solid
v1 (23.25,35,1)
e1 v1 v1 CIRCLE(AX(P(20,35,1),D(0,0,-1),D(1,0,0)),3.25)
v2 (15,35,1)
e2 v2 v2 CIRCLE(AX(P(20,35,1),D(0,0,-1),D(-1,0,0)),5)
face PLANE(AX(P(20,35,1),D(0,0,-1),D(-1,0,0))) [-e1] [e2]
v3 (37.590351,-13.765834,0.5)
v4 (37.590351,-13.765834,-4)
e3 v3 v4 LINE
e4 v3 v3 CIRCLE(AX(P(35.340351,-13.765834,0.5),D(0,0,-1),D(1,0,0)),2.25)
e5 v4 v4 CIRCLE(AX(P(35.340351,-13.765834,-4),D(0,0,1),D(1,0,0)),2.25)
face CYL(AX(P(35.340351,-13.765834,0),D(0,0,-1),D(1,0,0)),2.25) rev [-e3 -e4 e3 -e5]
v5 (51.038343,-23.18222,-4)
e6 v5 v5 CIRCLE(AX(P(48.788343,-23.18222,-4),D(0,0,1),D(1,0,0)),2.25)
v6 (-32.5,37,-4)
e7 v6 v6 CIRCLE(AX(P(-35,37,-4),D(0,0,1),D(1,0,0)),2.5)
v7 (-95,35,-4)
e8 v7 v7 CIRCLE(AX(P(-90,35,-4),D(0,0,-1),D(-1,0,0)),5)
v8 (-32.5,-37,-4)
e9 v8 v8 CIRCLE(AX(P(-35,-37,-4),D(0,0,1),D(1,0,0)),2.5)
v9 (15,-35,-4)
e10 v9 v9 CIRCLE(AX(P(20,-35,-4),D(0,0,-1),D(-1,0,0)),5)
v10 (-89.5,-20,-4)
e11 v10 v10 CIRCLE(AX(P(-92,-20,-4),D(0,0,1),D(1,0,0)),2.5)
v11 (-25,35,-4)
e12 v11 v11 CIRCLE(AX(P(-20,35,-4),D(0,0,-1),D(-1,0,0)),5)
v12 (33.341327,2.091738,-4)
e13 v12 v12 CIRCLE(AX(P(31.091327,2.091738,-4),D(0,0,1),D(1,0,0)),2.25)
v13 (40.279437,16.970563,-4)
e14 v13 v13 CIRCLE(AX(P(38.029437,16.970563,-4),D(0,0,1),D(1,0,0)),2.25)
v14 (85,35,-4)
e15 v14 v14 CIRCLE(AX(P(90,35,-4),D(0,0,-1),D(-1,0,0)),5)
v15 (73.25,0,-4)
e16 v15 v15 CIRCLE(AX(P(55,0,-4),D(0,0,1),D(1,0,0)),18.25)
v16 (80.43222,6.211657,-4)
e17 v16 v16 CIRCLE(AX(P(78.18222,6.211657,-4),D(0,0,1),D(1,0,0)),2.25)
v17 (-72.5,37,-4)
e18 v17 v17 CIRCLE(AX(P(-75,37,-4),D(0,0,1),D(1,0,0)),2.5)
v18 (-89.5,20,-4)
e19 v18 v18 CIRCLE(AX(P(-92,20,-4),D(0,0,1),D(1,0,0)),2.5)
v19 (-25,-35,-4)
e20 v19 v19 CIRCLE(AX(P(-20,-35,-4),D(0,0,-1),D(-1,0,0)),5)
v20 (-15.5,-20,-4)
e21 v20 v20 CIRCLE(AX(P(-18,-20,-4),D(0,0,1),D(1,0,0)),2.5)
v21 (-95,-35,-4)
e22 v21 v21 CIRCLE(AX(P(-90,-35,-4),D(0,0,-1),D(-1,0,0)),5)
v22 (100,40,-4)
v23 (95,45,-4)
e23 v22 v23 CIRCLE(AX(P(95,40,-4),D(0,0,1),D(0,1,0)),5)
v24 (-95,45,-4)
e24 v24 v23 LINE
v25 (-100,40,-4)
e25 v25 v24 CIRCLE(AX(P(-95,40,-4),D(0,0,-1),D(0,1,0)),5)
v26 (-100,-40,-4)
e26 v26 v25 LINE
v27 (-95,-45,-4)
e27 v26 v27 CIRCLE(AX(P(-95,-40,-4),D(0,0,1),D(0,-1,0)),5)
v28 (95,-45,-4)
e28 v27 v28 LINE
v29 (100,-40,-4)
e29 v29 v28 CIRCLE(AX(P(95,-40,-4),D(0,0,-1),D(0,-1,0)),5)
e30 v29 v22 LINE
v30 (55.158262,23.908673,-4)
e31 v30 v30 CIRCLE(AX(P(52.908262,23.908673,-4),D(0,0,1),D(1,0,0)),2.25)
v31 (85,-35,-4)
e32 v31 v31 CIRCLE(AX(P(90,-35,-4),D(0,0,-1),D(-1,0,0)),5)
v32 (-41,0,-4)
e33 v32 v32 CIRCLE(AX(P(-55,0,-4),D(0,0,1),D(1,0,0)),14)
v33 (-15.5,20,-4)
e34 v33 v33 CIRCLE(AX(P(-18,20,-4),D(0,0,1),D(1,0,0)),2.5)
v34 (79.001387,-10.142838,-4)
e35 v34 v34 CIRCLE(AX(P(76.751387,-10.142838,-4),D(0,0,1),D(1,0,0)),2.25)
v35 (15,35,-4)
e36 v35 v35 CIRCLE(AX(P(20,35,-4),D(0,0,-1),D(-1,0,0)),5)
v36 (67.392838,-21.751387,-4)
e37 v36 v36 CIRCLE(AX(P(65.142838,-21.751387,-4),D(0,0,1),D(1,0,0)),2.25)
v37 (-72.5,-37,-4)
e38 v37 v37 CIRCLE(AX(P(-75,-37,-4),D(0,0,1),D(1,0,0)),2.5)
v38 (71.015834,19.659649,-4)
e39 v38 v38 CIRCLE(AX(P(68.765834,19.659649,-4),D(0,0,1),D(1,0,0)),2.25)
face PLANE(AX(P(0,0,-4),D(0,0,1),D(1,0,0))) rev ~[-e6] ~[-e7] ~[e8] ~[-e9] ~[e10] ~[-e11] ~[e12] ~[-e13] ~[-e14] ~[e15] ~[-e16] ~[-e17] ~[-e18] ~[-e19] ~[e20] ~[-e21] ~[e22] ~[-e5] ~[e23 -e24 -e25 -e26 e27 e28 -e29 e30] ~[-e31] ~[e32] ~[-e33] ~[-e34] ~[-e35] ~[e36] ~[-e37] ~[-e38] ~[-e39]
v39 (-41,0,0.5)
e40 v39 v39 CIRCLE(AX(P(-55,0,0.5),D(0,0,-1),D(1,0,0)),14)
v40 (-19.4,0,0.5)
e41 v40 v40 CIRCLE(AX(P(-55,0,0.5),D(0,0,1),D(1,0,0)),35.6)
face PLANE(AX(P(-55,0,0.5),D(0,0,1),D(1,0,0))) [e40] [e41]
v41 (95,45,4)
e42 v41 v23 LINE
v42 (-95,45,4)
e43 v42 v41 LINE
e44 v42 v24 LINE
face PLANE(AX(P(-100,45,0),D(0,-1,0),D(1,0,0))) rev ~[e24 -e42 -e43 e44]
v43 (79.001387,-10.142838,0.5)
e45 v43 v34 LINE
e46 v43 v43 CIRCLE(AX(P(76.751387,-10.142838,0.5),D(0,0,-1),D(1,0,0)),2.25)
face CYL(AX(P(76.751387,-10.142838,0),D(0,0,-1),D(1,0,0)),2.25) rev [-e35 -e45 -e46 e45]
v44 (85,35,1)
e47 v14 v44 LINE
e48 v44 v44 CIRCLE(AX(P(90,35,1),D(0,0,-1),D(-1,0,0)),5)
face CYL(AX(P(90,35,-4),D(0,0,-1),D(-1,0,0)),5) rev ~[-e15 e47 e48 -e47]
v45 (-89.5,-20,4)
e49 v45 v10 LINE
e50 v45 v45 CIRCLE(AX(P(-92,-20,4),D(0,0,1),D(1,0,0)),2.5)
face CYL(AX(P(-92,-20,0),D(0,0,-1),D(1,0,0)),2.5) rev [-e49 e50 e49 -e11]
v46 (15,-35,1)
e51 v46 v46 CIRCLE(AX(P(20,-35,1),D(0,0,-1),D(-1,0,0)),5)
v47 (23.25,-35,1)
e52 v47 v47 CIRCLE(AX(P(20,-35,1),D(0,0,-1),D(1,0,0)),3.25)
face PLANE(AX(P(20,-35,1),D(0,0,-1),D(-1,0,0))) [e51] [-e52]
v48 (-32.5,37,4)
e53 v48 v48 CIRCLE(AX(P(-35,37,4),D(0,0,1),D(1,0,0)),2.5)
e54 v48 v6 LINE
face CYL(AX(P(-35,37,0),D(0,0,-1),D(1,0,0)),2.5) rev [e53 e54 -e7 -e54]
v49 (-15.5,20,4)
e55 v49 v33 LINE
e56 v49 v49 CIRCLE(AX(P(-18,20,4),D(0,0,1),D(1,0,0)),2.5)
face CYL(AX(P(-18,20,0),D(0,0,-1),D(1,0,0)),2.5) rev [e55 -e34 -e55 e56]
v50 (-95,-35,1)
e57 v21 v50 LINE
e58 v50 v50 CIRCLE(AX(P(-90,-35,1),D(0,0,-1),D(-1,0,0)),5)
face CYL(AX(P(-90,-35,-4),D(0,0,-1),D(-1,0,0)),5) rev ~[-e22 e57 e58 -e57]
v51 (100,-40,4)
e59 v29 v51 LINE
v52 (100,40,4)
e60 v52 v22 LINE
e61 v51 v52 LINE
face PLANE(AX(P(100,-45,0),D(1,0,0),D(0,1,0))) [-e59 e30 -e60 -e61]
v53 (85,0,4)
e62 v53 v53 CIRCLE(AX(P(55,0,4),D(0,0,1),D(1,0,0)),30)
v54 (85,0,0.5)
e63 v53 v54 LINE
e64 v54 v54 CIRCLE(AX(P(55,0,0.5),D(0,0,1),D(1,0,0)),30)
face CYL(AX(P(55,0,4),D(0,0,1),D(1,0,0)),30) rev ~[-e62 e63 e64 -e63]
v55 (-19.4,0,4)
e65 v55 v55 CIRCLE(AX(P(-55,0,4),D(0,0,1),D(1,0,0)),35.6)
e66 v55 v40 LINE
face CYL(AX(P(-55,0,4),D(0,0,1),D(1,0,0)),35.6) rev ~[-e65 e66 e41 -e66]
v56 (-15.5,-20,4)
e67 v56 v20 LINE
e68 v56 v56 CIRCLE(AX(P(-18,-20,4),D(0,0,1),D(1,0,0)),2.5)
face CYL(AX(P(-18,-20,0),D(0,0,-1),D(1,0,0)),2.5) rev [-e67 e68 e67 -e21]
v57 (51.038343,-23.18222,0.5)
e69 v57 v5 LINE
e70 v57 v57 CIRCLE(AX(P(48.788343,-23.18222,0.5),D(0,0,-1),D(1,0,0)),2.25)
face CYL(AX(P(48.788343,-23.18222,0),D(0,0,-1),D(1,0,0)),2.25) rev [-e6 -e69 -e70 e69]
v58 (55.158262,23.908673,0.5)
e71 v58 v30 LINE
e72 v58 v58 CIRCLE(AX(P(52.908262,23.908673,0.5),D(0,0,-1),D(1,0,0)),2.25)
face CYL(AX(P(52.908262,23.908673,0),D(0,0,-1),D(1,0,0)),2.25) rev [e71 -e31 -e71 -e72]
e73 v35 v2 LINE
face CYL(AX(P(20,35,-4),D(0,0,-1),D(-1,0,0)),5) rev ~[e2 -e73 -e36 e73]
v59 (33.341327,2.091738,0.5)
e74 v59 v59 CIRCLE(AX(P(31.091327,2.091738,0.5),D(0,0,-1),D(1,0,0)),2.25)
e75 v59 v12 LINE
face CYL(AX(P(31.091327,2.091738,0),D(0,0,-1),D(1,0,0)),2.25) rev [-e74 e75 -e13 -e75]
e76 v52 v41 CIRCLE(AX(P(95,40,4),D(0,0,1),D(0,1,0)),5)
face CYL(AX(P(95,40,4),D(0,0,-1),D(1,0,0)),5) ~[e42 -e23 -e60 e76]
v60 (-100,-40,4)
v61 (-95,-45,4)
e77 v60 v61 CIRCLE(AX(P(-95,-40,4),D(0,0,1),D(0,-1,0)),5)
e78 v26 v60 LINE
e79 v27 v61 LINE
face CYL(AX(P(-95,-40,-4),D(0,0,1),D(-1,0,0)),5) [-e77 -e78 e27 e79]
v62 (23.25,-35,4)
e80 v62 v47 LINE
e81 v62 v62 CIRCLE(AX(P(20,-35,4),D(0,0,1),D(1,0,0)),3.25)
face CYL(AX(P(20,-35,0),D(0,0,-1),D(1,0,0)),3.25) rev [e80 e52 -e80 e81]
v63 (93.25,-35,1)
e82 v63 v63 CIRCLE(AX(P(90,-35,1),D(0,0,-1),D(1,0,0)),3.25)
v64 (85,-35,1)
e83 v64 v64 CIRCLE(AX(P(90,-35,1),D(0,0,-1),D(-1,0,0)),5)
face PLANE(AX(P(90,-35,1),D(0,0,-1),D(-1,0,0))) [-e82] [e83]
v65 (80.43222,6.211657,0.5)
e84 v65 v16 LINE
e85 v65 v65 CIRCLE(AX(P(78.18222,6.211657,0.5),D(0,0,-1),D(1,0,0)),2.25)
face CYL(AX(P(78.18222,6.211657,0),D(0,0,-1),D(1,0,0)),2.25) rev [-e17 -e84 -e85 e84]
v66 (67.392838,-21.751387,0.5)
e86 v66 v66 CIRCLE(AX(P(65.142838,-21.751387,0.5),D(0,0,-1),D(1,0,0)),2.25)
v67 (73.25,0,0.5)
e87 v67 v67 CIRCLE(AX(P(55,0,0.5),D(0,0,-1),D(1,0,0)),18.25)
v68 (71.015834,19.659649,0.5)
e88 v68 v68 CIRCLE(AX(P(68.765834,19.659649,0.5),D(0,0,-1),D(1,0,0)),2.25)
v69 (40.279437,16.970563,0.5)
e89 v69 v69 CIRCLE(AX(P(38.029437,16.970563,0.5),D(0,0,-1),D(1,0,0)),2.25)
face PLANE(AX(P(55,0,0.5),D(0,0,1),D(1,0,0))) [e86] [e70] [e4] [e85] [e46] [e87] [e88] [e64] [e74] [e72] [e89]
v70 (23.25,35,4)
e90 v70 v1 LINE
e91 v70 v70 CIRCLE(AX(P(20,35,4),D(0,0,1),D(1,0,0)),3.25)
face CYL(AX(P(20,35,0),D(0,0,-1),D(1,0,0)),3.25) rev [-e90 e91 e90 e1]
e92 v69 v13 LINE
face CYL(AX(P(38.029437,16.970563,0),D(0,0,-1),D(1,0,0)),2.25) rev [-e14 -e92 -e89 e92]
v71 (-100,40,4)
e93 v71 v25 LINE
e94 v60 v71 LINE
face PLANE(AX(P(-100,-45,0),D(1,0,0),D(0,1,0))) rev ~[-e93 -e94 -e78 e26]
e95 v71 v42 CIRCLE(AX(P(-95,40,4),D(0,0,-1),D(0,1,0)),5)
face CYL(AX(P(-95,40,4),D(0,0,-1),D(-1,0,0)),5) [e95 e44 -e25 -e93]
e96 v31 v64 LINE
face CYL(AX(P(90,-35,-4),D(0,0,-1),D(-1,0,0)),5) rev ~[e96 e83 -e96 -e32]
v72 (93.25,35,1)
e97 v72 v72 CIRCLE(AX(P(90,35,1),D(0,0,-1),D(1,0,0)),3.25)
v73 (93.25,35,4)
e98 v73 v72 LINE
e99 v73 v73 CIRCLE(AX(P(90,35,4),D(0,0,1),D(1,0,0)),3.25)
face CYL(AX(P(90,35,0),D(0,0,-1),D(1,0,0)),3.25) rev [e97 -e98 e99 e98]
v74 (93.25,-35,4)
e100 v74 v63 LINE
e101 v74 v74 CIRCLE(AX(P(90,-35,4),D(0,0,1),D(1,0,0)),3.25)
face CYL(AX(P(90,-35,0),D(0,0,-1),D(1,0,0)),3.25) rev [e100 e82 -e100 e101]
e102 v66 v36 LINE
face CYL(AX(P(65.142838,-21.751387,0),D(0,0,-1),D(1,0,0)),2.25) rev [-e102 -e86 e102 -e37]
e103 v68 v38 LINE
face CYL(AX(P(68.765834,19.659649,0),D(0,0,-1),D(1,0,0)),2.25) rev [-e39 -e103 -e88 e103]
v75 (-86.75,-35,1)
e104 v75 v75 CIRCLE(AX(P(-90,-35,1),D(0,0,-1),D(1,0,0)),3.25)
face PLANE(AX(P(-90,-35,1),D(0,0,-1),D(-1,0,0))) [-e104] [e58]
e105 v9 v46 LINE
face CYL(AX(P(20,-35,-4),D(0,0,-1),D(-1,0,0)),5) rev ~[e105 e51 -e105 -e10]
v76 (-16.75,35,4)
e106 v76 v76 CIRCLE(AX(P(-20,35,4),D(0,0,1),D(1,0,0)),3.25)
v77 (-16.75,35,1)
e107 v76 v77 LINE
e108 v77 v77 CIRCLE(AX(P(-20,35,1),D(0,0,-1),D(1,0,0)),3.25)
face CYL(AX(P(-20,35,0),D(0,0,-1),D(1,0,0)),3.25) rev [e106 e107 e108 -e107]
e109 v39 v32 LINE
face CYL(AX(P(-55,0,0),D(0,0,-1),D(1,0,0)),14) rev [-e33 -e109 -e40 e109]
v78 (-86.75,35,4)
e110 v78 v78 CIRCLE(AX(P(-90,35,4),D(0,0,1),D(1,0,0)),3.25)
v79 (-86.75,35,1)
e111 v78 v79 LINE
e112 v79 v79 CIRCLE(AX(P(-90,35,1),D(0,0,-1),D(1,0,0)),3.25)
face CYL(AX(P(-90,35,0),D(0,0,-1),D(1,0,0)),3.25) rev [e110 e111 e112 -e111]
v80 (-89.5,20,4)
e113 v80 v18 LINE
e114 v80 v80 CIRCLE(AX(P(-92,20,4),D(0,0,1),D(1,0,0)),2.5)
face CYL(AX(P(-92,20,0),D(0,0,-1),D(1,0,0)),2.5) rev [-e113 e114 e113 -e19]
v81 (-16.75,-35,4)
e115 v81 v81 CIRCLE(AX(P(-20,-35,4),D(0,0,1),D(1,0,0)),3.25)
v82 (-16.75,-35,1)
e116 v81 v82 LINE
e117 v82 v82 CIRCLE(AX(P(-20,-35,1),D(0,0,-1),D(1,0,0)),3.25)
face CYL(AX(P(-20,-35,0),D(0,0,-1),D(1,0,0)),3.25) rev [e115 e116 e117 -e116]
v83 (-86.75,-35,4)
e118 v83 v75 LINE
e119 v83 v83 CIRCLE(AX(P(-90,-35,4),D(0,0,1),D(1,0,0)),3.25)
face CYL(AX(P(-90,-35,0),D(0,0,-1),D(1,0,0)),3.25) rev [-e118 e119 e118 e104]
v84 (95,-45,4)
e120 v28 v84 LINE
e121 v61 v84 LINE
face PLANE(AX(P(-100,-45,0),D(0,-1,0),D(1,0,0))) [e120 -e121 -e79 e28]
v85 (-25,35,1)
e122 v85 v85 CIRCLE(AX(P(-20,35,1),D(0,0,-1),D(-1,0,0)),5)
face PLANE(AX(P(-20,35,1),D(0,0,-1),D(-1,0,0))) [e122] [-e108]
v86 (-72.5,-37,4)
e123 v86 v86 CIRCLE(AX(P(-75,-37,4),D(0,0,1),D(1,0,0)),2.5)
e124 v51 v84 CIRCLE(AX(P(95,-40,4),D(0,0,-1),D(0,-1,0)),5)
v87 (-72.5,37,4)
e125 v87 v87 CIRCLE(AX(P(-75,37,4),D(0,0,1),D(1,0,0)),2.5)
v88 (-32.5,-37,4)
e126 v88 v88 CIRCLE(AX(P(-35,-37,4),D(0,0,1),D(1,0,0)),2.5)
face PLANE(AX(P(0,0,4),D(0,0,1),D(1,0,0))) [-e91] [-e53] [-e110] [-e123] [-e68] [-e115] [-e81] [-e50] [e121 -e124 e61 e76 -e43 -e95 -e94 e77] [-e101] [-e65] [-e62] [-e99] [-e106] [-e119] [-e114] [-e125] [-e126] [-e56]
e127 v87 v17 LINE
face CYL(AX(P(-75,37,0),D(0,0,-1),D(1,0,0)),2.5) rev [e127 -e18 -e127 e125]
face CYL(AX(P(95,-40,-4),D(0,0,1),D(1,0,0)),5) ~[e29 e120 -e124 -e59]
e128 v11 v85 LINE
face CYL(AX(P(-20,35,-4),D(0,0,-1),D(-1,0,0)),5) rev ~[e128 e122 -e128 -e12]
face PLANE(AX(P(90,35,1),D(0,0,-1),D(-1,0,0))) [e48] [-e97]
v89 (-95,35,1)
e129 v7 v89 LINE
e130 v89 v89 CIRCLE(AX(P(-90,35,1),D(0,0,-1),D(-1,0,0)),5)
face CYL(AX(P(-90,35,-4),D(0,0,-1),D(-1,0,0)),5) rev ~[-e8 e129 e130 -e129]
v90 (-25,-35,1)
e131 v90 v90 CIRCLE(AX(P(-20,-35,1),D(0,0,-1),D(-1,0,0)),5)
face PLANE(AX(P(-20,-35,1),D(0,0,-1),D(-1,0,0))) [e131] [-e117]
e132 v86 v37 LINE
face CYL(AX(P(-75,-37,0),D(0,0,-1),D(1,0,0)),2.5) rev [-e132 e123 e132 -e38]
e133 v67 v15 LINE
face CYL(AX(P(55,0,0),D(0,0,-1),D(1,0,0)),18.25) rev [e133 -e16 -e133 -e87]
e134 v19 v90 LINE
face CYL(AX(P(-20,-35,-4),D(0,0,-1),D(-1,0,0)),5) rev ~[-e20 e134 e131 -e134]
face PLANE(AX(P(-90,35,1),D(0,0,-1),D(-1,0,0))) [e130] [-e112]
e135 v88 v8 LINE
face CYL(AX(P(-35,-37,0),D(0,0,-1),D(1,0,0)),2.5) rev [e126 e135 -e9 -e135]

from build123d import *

# Parameters (mm, degrees)
SKETCH1_W           = 200
SKETCH1_H           = 90
SKETCH1_R           = 14
SKETCH1_R_2         = 18.25
SKETCH1_R_3         = 2.25
SKETCH1_R_4         = 3.25
SKETCH1_R_5         = 2.5
BOSS_EXTRUDE1_DEPTH = 4
FILLET1_R           = 5
SKETCH3_R           = 35.6
SKETCH3_R_2         = 30
CUT_EXTRUDE1_DEPTH  = 3.5
SKETCH4_R           = 5
CUT_EXTRUDE2_DEPTH  = 5


with BuildPart() as part:
    # Sketch1 → Boss-Extrude1 (new body, symmetric)
    with BuildSketch(Plane.XY):
        Rectangle(SKETCH1_W, SKETCH1_H)
        with Locations((-55, 0)):
            Circle(SKETCH1_R, mode=Mode.SUBTRACT)
        with Locations((55, 0)):
            Circle(SKETCH1_R_2, mode=Mode.SUBTRACT)
        with Locations((65.142838282, -21.751386889)):
            Circle(SKETCH1_R_3, mode=Mode.SUBTRACT)
        with Locations((48.788342918, -23.182219831)):
            Circle(SKETCH1_R_3, mode=Mode.SUBTRACT)
        with Locations((35.340350937, -13.765834472)):
            Circle(SKETCH1_R_3, mode=Mode.SUBTRACT)
        with Locations((31.091327246, 2.091737826)):
            Circle(SKETCH1_R_3, mode=Mode.SUBTRACT)
        with Locations((38.029437252, 16.970562748)):
            Circle(SKETCH1_R_3, mode=Mode.SUBTRACT)
        with Locations((52.908262174, 23.908672754)):
            Circle(SKETCH1_R_3, mode=Mode.SUBTRACT)
        with Locations((68.765834472, 19.659649063)):
            Circle(SKETCH1_R_3, mode=Mode.SUBTRACT)
        with Locations((78.182219831, 6.211657082)):
            Circle(SKETCH1_R_3, mode=Mode.SUBTRACT)
        with Locations((76.751386889, -10.142838282)):
            Circle(SKETCH1_R_3, mode=Mode.SUBTRACT)
        with Locations((-90, 35)):
            Circle(SKETCH1_R_4, mode=Mode.SUBTRACT)
        with Locations((-20, 35)):
            Circle(SKETCH1_R_4, mode=Mode.SUBTRACT)
        with Locations((-90, -35)):
            Circle(SKETCH1_R_4, mode=Mode.SUBTRACT)
        with Locations((-20, -35)):
            Circle(SKETCH1_R_4, mode=Mode.SUBTRACT)
        with Locations((90, 35)):
            Circle(SKETCH1_R_4, mode=Mode.SUBTRACT)
        with Locations((90, -35)):
            Circle(SKETCH1_R_4, mode=Mode.SUBTRACT)
        with Locations((20, -35)):
            Circle(SKETCH1_R_4, mode=Mode.SUBTRACT)
        with Locations((20, 35)):
            Circle(SKETCH1_R_4, mode=Mode.SUBTRACT)
        with Locations((-75, 37)):
            Circle(SKETCH1_R_5, mode=Mode.SUBTRACT)
        with Locations((-92, 20)):
            Circle(SKETCH1_R_5, mode=Mode.SUBTRACT)
        with Locations((-92, -20)):
            Circle(SKETCH1_R_5, mode=Mode.SUBTRACT)
        with Locations((-75, -37)):
            Circle(SKETCH1_R_5, mode=Mode.SUBTRACT)
        with Locations((-35, -37)):
            Circle(SKETCH1_R_5, mode=Mode.SUBTRACT)
        with Locations((-18, -20)):
            Circle(SKETCH1_R_5, mode=Mode.SUBTRACT)
        with Locations((-18, 20)):
            Circle(SKETCH1_R_5, mode=Mode.SUBTRACT)
        with Locations((-35, 37)):
            Circle(SKETCH1_R_5, mode=Mode.SUBTRACT)
    extrude(amount=BOSS_EXTRUDE1_DEPTH, both=True)

    # Fillet1
    fillet1_edges = [part.edges().sort_by_distance(p)[0] for p in [
        (100, -45, 0),
        (-100, -45, 0),
        (-100, 45, 0),
        (100, 45, 0),
    ]]
    fillet(fillet1_edges, radius=FILLET1_R)

    # Sketch3 → Cut-Extrude1 (cut)
    with BuildSketch(Plane.XY.offset(4)):
        with Locations((-55, 0)):
            Circle(SKETCH3_R)
        with Locations((55, 0)):
            Circle(SKETCH3_R_2)
    extrude(amount=-CUT_EXTRUDE1_DEPTH, mode=Mode.SUBTRACT)

    # Sketch4 → Cut-Extrude2 (cut)
    with BuildSketch(Plane(origin=(0, 0, -4), x_dir=(-1, 0, 0), z_dir=(0, 0, -1))):
        with Locations((90, 35)):
            Circle(SKETCH4_R)
        with Locations((20, 35)):
            Circle(SKETCH4_R)
        with Locations((90, -35)):
            Circle(SKETCH4_R)
        with Locations((20, -35)):
            Circle(SKETCH4_R)
        with Locations((-90, -35)):
            Circle(SKETCH4_R)
        with Locations((-20, -35)):
            Circle(SKETCH4_R)
        with Locations((-20, 35)):
            Circle(SKETCH4_R)
        with Locations((-90, 35)):
            Circle(SKETCH4_R)
    extrude(amount=-CUT_EXTRUDE2_DEPTH, mode=Mode.SUBTRACT)


solid = part.part
